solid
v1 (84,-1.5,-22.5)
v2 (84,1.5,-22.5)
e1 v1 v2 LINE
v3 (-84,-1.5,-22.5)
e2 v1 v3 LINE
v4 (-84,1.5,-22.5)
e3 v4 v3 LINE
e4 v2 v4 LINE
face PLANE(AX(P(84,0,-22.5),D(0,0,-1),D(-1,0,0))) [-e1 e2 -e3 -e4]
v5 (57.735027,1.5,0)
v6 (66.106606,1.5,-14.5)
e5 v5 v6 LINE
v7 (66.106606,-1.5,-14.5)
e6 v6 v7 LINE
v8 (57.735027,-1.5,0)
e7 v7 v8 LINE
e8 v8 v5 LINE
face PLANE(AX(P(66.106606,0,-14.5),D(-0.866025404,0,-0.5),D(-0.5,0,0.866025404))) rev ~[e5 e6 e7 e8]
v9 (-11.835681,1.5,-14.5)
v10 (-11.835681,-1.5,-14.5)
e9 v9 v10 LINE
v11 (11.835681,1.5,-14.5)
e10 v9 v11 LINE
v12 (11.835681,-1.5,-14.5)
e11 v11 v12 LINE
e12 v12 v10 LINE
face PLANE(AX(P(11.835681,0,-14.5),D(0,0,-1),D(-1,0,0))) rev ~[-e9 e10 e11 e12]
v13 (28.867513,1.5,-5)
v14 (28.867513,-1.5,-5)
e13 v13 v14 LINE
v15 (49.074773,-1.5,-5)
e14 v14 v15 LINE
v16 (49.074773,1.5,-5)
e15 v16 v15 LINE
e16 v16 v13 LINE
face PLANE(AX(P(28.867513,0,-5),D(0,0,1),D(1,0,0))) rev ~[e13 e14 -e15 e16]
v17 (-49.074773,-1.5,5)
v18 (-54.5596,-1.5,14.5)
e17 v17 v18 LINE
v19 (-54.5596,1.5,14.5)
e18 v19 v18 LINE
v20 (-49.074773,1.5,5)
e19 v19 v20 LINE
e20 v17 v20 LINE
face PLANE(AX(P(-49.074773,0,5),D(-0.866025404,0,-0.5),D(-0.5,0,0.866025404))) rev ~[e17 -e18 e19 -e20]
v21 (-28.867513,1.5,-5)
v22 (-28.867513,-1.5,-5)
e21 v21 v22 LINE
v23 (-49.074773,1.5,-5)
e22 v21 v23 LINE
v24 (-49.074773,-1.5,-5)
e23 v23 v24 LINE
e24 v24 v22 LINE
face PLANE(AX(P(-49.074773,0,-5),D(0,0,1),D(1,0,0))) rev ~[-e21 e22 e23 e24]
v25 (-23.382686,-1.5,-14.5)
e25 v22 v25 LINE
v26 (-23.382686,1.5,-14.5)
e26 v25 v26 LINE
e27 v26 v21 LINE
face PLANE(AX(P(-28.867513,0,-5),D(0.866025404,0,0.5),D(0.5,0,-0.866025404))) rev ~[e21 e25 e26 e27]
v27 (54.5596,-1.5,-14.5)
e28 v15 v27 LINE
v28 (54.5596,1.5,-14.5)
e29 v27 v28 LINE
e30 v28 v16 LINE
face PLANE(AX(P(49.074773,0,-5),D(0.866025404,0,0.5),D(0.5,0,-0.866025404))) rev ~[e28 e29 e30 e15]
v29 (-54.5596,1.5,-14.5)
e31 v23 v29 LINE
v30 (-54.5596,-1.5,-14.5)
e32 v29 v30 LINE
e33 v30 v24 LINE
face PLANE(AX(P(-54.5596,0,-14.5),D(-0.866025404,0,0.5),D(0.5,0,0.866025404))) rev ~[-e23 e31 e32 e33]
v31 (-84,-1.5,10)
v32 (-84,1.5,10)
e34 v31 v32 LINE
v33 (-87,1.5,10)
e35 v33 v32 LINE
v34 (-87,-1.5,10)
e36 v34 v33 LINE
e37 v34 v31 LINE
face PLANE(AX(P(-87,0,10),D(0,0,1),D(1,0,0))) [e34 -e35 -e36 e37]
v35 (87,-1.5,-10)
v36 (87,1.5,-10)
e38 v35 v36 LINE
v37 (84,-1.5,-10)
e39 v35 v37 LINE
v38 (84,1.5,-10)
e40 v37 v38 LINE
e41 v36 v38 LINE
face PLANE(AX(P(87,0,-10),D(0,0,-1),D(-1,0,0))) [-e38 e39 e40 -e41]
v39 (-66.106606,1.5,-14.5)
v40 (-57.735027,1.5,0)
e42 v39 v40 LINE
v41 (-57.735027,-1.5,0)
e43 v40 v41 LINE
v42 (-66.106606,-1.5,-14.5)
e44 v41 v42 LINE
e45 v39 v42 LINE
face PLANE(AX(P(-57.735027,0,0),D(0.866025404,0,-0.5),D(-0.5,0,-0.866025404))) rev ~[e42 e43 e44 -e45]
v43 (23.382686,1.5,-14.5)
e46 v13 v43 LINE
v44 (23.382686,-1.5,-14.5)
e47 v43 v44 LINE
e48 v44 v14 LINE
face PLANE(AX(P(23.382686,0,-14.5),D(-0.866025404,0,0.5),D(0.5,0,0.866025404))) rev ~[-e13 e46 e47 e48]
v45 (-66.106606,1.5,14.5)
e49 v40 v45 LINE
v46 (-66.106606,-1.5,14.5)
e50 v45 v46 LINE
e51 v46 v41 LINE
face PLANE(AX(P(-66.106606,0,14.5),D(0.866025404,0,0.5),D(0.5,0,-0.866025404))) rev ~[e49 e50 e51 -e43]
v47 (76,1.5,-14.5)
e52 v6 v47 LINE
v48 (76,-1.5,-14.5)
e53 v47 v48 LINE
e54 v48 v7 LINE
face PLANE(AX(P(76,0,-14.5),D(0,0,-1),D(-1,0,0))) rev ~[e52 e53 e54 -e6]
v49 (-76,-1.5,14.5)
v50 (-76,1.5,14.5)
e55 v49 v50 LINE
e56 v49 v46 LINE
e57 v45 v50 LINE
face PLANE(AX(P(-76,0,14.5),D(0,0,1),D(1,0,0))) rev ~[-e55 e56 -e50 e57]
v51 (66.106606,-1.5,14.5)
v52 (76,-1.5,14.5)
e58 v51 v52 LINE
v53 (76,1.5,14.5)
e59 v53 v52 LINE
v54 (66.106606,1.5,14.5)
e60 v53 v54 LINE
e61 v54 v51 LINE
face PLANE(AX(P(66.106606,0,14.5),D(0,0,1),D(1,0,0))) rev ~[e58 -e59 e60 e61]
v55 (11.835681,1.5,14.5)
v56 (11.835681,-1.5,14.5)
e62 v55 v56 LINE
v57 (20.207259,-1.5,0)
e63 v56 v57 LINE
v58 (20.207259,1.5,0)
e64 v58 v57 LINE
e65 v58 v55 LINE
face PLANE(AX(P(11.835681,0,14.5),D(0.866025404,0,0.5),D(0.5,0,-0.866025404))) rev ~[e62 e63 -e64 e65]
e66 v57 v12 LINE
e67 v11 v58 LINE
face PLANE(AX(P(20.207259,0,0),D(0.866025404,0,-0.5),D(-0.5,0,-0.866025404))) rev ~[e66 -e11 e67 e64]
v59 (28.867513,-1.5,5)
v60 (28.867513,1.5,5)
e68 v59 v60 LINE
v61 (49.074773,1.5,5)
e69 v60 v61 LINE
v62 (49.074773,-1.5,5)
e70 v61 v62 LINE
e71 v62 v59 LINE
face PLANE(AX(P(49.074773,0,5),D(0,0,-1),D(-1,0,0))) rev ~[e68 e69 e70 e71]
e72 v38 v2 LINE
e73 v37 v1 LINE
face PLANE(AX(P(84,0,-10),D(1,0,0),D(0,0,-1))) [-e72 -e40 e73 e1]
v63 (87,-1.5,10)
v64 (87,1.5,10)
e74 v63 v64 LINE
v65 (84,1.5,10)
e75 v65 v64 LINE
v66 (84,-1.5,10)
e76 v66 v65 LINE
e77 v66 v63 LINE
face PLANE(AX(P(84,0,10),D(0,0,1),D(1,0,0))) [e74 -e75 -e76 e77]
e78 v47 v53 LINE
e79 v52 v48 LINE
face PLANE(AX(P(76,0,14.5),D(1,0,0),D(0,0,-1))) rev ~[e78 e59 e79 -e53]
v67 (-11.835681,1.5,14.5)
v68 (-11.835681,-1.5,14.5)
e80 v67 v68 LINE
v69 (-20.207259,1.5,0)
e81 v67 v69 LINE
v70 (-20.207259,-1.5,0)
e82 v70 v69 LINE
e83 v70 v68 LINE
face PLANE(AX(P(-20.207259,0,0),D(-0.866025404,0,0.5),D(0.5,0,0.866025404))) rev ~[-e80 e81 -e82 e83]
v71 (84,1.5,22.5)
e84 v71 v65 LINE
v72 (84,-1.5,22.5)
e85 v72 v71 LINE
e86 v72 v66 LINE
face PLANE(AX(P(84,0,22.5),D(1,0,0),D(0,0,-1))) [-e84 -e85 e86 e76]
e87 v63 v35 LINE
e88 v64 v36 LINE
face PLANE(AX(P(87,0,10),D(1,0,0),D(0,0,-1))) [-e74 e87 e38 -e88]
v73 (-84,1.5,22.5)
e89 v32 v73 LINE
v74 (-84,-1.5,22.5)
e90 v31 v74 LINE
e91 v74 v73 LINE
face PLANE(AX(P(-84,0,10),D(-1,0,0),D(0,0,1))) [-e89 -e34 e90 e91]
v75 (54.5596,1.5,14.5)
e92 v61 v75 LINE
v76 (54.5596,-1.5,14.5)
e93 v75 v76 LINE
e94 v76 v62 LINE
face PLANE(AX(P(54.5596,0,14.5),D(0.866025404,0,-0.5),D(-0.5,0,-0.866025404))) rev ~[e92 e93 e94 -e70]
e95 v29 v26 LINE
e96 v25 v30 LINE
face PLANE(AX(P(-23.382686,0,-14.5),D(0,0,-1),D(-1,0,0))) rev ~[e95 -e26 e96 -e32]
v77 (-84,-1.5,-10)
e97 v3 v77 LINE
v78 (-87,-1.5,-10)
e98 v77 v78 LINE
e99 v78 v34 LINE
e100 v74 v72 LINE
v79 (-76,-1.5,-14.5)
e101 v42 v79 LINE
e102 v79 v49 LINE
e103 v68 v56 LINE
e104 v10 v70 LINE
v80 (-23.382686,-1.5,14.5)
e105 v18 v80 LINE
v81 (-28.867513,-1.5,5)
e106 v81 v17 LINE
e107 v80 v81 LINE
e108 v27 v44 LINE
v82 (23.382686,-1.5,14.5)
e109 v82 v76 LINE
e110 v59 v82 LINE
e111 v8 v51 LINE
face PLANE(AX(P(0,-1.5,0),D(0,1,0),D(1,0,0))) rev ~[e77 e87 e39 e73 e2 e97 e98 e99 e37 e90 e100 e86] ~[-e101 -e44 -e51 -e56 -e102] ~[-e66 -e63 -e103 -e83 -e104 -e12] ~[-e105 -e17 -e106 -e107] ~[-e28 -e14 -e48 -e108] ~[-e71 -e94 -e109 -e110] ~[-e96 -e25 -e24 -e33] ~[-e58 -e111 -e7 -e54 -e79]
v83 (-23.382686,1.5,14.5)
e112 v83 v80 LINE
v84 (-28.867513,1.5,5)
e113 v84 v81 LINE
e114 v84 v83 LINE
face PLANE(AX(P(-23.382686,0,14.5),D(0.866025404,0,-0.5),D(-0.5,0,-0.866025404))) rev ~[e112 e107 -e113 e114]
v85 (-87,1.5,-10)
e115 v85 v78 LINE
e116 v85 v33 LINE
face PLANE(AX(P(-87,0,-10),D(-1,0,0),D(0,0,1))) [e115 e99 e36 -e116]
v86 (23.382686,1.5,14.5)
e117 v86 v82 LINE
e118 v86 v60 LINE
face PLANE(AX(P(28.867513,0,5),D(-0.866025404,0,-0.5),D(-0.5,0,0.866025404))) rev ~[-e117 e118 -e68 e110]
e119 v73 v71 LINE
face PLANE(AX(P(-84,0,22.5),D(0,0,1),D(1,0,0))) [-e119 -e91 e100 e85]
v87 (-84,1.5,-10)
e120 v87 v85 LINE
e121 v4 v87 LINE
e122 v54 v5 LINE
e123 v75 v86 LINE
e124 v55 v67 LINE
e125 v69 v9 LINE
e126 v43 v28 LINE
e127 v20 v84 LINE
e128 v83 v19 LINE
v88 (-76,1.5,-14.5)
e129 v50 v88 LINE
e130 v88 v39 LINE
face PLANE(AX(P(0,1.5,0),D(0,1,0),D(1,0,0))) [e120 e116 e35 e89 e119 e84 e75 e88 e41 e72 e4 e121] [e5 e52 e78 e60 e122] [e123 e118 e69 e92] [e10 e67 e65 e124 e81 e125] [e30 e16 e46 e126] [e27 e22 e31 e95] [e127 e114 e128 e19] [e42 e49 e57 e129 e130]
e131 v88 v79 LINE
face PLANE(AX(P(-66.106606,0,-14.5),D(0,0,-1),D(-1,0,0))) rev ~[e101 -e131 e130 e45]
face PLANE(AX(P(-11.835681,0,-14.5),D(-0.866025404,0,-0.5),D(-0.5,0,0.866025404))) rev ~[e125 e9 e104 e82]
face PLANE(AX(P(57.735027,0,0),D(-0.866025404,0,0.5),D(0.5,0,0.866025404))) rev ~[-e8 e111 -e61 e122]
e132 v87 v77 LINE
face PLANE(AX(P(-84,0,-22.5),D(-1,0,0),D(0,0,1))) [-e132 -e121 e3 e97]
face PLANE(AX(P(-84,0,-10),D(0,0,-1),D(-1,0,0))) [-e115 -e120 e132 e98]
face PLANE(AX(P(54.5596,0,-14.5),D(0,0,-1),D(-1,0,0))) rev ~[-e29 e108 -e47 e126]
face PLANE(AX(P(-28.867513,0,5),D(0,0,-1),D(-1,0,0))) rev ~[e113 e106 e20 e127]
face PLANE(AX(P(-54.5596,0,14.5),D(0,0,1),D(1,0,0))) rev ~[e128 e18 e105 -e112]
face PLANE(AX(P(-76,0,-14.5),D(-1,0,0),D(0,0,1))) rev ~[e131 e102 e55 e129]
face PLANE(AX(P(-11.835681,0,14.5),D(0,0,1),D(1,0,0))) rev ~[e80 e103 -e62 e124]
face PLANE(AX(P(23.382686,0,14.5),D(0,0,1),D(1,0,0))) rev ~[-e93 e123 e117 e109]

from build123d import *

# Parameters (mm, degrees)
BOSS_EXTRUDE1_DEPTH     = 1.5
CUT_EXTRUDE1_DEPTH      = 2.5
CUT_EXTRUDE1_DEPTH_BACK = 2.5


with BuildPart() as part:
    # Sketch1 → Boss-Extrude1 (new body, symmetric)
    with BuildSketch(Plane(origin=(0, 0, 0), x_dir=(1, 0, 0), z_dir=(0, 1, 0))):
        Polygon((-87, 10), (-87, -10), (-84, -10), (-84, -22.5), (84, -22.5), (84, -10), (87, -10), (87, 10), (84, 10), (84, 22.5), (-84, 22.5), (-84, 10), align=None)
    extrude(amount=BOSS_EXTRUDE1_DEPTH, both=True)

    # Sketch3 → Cut-Extrude1 (cut, two sides)
    with BuildSketch(Plane(origin=(0, 0, 0), x_dir=(1, 0, 0), z_dir=(0, 1, 0))) as cut_extrude1_sk:
        Polygon((-76, -14.5), (-66.106605822, -14.5), (-57.735026919, 0), (-66.106605822, 14.5), (-76, 14.5), align=None)
        Polygon((-20.207259422, 0), (-11.835680518, -14.5), (11.835680518, -14.5), (20.207259422, 0), (11.835680518, 14.5), (-11.835680518, 14.5), align=None)
        Polygon((57.735026919, 0), (66.106605822, -14.5), (76, -14.5), (76, 14.5), (66.106605822, 14.5), align=None)
        Polygon((28.867513459, -5), (23.382685902, -14.5), (54.559600438, -14.5), (49.074772881, -5), align=None)
        Polygon((54.559600438, 14.5), (23.382685902, 14.5), (28.867513459, 5), (49.074772881, 5), align=None)
        Polygon((-49.074772881, -5), (-54.559600438, -14.5), (-23.382685902, -14.5), (-28.867513459, -5), align=None)
        Polygon((-23.382685902, 14.5), (-54.559600438, 14.5), (-49.074772881, 5), (-28.867513459, 5), align=None)
    extrude(amount=CUT_EXTRUDE1_DEPTH, mode=Mode.SUBTRACT)
    extrude(cut_extrude1_sk.sketch, amount=-CUT_EXTRUDE1_DEPTH_BACK, mode=Mode.SUBTRACT)


solid = part.part
